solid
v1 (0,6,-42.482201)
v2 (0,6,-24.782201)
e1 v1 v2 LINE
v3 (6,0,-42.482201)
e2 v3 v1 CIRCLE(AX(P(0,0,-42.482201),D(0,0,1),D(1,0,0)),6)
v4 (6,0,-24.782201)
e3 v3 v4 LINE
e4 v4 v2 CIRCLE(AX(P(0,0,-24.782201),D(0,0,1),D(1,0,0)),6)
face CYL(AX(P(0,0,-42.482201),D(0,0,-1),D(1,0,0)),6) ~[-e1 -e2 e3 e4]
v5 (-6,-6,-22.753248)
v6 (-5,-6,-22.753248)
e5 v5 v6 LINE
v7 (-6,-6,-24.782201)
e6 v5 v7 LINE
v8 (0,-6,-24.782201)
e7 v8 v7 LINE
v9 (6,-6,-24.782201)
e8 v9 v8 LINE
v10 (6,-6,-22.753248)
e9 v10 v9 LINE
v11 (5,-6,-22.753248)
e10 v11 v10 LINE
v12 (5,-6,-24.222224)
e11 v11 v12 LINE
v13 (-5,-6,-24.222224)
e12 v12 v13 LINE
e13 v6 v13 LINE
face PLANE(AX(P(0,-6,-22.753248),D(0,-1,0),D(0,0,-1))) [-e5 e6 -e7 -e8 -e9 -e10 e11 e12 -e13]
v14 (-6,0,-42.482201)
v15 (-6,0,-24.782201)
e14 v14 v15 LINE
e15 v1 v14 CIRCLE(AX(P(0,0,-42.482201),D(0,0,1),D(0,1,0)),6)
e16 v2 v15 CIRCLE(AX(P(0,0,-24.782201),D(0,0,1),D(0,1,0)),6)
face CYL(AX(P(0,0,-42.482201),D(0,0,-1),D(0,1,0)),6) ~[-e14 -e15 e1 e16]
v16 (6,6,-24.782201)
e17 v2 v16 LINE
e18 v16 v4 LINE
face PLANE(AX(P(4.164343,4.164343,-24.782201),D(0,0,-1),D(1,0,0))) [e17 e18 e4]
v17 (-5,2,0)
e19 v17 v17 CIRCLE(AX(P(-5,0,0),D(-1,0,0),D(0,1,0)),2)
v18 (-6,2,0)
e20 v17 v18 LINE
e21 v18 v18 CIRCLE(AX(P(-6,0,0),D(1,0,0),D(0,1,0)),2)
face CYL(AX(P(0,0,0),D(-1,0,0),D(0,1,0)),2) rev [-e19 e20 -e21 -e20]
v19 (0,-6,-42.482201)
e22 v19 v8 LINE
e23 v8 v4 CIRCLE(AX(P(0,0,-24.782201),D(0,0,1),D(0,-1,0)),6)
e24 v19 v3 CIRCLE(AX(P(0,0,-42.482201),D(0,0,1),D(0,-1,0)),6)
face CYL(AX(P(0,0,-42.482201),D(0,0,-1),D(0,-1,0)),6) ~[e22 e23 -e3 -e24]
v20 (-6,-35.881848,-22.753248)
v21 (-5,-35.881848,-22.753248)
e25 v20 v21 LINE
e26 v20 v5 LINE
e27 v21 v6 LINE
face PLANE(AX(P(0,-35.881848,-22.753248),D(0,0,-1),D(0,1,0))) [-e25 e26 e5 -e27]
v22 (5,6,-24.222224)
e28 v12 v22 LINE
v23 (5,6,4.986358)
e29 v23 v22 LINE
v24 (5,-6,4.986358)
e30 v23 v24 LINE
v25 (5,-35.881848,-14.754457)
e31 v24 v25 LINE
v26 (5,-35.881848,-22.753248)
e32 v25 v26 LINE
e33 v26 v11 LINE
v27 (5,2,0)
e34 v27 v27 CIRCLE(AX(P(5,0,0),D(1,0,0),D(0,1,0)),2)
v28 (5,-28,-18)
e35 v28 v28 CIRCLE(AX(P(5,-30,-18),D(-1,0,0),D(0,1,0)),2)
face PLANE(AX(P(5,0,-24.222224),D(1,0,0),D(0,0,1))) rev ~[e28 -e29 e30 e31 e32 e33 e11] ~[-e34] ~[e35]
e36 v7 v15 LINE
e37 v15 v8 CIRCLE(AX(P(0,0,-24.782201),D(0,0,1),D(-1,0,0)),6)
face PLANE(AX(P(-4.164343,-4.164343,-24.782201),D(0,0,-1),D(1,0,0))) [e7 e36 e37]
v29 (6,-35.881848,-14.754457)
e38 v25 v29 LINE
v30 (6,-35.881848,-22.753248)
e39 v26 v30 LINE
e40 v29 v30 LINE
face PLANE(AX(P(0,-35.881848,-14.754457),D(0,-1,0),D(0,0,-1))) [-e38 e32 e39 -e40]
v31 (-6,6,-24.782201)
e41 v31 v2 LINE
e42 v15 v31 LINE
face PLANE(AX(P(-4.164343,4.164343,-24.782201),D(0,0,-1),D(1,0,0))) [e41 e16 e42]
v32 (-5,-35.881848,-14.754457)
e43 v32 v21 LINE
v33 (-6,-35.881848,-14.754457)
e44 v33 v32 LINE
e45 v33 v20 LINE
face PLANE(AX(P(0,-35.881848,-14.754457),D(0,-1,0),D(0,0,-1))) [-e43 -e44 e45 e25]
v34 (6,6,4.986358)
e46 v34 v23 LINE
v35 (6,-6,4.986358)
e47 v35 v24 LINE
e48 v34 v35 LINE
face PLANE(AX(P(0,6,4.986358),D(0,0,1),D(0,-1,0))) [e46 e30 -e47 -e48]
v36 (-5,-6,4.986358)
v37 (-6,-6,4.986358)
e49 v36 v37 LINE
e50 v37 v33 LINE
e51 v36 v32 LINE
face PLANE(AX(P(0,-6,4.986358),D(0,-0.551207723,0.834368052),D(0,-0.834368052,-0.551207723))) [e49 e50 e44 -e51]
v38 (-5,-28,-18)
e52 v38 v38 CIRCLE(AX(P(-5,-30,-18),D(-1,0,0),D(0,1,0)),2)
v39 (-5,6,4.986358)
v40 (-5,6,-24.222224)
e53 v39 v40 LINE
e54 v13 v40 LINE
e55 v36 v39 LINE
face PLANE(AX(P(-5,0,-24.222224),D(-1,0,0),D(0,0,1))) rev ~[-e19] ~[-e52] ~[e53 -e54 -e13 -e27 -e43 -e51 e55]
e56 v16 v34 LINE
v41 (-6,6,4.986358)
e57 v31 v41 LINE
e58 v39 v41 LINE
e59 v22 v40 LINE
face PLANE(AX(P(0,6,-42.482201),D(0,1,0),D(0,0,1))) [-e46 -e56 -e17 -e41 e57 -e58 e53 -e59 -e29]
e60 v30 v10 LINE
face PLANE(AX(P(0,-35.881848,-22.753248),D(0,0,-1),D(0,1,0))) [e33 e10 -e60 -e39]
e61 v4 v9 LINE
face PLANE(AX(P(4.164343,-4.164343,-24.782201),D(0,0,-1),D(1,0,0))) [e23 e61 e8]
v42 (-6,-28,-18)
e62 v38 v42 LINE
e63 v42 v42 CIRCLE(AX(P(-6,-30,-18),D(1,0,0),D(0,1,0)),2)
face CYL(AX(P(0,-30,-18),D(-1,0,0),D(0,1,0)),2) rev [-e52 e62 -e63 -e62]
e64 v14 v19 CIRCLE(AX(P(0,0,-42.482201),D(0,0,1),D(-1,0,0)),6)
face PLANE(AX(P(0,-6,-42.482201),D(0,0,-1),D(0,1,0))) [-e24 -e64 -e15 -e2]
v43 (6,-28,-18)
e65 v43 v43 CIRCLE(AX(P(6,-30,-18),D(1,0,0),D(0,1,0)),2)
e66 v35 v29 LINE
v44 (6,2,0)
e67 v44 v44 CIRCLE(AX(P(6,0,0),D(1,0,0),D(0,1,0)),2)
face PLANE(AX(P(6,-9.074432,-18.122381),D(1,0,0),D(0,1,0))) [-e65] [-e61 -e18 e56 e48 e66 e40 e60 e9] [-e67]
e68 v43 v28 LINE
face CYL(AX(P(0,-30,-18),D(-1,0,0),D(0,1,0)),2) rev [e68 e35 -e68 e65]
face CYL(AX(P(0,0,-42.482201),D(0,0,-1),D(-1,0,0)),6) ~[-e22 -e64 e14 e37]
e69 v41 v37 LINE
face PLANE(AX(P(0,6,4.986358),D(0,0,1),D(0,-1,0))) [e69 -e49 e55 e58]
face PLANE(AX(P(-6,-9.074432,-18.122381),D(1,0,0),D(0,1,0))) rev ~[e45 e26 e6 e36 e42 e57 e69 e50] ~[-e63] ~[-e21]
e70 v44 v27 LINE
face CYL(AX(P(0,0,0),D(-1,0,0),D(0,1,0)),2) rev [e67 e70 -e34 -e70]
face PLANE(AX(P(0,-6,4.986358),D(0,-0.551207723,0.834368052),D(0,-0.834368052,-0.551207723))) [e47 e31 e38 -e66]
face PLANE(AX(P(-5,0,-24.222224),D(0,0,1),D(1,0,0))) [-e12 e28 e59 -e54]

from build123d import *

# Parameters (mm, degrees)
F0_R          = 2
F1_DEPTH      = 6
F2_W          = 10
F2_H          = 33.9879472775
F3_DEPTH      = 6.001
F3_DEPTH_BACK = 35.8828483539
F5_DEPTH      = 17.7


with BuildPart() as f1:
    # F0 (on Right) → F1 (new body, symmetric)
    with BuildSketch(Plane.YZ):
        Polygon((-6, 4.9863578752), (-35.8818483539, -14.7544573992), (-35.8818483539, -22.7532479912), (-6, -22.7532479912), (-6, -42.48220101), (6, -42.48220101), (6, 4.9863578752), align=None)
        with Locations((-30, -18)):
            Circle(F0_R, mode=Mode.SUBTRACT)
        Circle(F0_R, mode=Mode.SUBTRACT)
    extrude(amount=F1_DEPTH, both=True)

    # F2 (on Front) → F3 (cut, two sides)
    with BuildSketch(Plane.XZ) as f3_sk:
        with Locations((0, -7.2282501862)):
            Rectangle(F2_W, F2_H)
    extrude(amount=-F3_DEPTH, mode=Mode.SUBTRACT)
    extrude(f3_sk.sketch, amount=F3_DEPTH_BACK, mode=Mode.SUBTRACT)

    # F4 (on face) → F5 (cut)
    with BuildSketch(Plane(origin=(0, 0, -42.48220101), x_dir=(1, 0, 0), z_dir=(0, 0, -1))):
        with BuildLine():
            Line((-6, -6), (0, -6))
            ThreePointArc((0, -6), (-4.2426406871, -4.2426406871), (-6, 0))
            Line((-6, 0), (-6, -6))
        make_face()
        with BuildLine():
            ThreePointArc((-6, 0), (-4.2426406871, 4.2426406871), (0, 6))
            Line((0, 6), (-6, 6))
            Line((-6, 6), (-6, 0))
        make_face()
        with BuildLine():
            ThreePointArc((0, 6), (4.2426406871, 4.2426406871), (6, 0))
            Line((6, 0), (6, 6))
            Line((6, 6), (0, 6))
        make_face()
        with BuildLine():
            Line((6, -6), (6, 0))
            ThreePointArc((6, 0), (4.2426406871, -4.2426406871), (0, -6))
            Line((0, -6), (6, -6))
        make_face()
    extrude(amount=-F5_DEPTH, mode=Mode.SUBTRACT)


solid = f1.part
